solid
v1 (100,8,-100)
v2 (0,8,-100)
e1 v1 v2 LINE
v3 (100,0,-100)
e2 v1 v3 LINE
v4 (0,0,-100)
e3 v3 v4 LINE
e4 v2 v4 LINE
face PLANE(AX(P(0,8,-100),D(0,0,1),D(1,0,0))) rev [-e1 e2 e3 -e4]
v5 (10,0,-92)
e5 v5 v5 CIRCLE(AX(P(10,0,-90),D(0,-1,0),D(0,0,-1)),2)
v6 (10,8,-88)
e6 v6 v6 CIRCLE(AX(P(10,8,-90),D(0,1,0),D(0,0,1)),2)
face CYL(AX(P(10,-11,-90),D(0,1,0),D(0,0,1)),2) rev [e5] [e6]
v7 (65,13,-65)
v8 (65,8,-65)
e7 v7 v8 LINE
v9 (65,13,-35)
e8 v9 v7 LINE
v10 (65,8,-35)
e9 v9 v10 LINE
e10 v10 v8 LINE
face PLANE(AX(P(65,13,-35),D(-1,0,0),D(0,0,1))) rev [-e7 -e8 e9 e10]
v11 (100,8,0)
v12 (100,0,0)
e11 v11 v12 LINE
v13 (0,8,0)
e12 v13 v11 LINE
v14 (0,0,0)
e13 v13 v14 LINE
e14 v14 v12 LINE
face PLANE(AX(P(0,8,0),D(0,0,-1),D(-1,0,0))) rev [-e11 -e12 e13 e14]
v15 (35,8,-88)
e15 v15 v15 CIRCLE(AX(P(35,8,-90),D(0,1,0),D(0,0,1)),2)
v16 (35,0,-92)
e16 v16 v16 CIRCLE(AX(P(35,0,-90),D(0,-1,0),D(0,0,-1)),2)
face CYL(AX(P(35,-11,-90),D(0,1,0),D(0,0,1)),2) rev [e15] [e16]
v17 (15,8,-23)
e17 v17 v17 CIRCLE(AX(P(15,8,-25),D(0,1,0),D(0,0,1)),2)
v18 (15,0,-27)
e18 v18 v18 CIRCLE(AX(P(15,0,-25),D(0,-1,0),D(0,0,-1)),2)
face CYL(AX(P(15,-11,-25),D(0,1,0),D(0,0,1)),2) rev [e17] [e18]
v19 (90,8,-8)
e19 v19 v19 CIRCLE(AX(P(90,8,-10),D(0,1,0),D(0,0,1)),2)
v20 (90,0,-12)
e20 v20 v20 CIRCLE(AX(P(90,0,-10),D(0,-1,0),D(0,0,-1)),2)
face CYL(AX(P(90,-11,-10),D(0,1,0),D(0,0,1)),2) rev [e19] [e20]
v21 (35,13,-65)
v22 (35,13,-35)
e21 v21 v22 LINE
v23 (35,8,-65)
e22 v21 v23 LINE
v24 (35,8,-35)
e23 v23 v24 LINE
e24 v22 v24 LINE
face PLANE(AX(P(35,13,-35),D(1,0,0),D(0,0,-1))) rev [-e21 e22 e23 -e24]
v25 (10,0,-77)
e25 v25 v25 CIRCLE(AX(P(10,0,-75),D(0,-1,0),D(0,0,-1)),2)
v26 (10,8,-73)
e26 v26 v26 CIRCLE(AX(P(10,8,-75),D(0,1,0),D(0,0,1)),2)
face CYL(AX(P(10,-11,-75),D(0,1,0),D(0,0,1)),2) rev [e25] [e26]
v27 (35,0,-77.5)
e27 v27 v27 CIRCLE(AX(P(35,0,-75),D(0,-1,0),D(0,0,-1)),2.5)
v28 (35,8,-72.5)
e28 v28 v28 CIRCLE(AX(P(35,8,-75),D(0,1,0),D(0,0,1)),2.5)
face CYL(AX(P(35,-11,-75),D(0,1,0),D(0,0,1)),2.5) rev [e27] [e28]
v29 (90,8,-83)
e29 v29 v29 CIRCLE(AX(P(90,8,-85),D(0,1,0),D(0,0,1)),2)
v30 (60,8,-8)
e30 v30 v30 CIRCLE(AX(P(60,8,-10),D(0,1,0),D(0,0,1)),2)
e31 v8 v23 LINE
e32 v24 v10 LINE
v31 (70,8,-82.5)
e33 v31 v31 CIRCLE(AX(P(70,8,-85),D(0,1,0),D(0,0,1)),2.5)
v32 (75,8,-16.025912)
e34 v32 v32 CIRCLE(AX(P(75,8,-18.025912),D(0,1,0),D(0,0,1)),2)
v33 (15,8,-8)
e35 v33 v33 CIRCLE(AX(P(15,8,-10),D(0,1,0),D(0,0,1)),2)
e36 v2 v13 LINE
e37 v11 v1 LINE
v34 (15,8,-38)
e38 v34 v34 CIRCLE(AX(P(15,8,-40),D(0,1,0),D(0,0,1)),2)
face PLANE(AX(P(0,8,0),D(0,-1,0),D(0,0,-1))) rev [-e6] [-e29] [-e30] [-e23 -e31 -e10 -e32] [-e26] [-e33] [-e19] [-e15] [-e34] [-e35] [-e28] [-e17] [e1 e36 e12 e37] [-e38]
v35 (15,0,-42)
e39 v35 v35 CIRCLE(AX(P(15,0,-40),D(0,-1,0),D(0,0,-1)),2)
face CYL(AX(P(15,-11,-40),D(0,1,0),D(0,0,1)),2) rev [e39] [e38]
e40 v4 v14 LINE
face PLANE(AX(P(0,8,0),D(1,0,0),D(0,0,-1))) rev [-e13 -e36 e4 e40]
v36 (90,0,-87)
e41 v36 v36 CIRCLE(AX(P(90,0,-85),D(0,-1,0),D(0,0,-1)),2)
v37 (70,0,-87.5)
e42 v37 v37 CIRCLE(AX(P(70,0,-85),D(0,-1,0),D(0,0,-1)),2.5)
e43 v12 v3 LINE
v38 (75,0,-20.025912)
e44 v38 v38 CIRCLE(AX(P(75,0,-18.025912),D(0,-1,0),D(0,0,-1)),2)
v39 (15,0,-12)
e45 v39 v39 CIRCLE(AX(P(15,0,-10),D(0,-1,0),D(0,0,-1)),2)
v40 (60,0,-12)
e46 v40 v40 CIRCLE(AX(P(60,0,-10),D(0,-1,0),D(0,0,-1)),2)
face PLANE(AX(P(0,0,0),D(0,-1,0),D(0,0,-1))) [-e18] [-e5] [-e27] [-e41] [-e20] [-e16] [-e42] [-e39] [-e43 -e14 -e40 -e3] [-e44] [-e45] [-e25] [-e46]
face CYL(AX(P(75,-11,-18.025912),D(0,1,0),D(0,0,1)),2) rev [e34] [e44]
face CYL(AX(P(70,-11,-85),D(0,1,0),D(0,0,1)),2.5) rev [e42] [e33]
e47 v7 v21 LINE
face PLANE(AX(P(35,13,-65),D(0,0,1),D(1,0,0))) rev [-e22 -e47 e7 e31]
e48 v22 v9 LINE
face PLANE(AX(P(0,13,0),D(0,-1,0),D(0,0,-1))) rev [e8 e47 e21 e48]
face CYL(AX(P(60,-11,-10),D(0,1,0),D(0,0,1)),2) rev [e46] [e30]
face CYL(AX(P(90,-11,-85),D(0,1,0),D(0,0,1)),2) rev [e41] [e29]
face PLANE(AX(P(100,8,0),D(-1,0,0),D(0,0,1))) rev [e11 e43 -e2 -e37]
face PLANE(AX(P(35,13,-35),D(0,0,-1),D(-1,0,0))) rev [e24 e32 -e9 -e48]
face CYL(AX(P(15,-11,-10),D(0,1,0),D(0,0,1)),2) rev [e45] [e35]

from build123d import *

# Parameters (mm, degrees)
SKETCH1_W           = 100
SKETCH1_H           = 100
BOSS_EXTRUDE1_DEPTH = 8
SKETCH2_W           = 30
SKETCH2_H           = 30
BOSS_EXTRUDE2_DEPTH = 5
SKETCH3_R           = 2
SKETCH3_R_2         = 2.5
CUT_EXTRUDE1_DEPTH  = 19
SKETCH4_R           = 2
SKETCH4_R_2         = 2.5
CUT_EXTRUDE2_DEPTH  = 19
SKETCH5_R           = 2
CUT_EXTRUDE3_DEPTH  = 19
SKETCH6_R           = 2
CUT_EXTRUDE4_DEPTH  = 19


with BuildPart() as part:
    # Sketch1 → Boss-Extrude1 (new body)
    with BuildSketch(Plane(origin=(0, 0, 0), x_dir=(1, 0, 0), z_dir=(0, 1, 0))):
        with Locations((50, 50)):
            Rectangle(SKETCH1_W, SKETCH1_H)
    extrude(amount=BOSS_EXTRUDE1_DEPTH)

    # Sketch2 → Boss-Extrude2 (add)
    with BuildSketch(Plane(origin=(0, 8, 0), x_dir=(1, 0, 0), z_dir=(0, 1, 0))):
        with Locations((50, 50)):
            Rectangle(SKETCH2_W, SKETCH2_H)
    extrude(amount=BOSS_EXTRUDE2_DEPTH)

    # Sketch3 → Cut-Extrude1 (cut)
    with BuildSketch(Plane(origin=(0, 8, 0), x_dir=(1, 0, 0), z_dir=(0, 1, 0))):
        with Locations((10, 90)):
            Circle(SKETCH3_R)
        with Locations((35, 90)):
            Circle(SKETCH3_R)
        with Locations((10, 75)):
            Circle(SKETCH3_R)
        with Locations((35, 75)):
            Circle(SKETCH3_R_2)
    extrude(amount=-CUT_EXTRUDE1_DEPTH, mode=Mode.SUBTRACT)

    # Sketch4 → Cut-Extrude2 (cut)
    with BuildSketch(Plane(origin=(0, 8, 0), x_dir=(1, 0, 0), z_dir=(0, 1, 0))):
        with Locations((90, 85)):
            Circle(SKETCH4_R)
        with Locations((70, 85)):
            Circle(SKETCH4_R_2)
    extrude(amount=-CUT_EXTRUDE2_DEPTH, mode=Mode.SUBTRACT)

    # Sketch5 → Cut-Extrude3 (cut)
    with BuildSketch(Plane(origin=(0, 8, 0), x_dir=(1, 0, 0), z_dir=(0, 1, 0))):
        with Locations((15, 10)):
            Circle(SKETCH5_R)
        with Locations((15, 25)):
            Circle(SKETCH5_R)
        with Locations((15, 40)):
            Circle(SKETCH5_R)
    extrude(amount=-CUT_EXTRUDE3_DEPTH, mode=Mode.SUBTRACT)

    # Sketch6 → Cut-Extrude4 (cut)
    with BuildSketch(Plane(origin=(0, 8, 0), x_dir=(1, 0, 0), z_dir=(0, 1, 0))):
        with Locations((90, 10)):
            Circle(SKETCH6_R)
        with Locations((60, 10)):
            Circle(SKETCH6_R)
        with Locations((75, 18.025911625)):
            Circle(SKETCH6_R)
    extrude(amount=-CUT_EXTRUDE4_DEPTH, mode=Mode.SUBTRACT)


solid = part.part
